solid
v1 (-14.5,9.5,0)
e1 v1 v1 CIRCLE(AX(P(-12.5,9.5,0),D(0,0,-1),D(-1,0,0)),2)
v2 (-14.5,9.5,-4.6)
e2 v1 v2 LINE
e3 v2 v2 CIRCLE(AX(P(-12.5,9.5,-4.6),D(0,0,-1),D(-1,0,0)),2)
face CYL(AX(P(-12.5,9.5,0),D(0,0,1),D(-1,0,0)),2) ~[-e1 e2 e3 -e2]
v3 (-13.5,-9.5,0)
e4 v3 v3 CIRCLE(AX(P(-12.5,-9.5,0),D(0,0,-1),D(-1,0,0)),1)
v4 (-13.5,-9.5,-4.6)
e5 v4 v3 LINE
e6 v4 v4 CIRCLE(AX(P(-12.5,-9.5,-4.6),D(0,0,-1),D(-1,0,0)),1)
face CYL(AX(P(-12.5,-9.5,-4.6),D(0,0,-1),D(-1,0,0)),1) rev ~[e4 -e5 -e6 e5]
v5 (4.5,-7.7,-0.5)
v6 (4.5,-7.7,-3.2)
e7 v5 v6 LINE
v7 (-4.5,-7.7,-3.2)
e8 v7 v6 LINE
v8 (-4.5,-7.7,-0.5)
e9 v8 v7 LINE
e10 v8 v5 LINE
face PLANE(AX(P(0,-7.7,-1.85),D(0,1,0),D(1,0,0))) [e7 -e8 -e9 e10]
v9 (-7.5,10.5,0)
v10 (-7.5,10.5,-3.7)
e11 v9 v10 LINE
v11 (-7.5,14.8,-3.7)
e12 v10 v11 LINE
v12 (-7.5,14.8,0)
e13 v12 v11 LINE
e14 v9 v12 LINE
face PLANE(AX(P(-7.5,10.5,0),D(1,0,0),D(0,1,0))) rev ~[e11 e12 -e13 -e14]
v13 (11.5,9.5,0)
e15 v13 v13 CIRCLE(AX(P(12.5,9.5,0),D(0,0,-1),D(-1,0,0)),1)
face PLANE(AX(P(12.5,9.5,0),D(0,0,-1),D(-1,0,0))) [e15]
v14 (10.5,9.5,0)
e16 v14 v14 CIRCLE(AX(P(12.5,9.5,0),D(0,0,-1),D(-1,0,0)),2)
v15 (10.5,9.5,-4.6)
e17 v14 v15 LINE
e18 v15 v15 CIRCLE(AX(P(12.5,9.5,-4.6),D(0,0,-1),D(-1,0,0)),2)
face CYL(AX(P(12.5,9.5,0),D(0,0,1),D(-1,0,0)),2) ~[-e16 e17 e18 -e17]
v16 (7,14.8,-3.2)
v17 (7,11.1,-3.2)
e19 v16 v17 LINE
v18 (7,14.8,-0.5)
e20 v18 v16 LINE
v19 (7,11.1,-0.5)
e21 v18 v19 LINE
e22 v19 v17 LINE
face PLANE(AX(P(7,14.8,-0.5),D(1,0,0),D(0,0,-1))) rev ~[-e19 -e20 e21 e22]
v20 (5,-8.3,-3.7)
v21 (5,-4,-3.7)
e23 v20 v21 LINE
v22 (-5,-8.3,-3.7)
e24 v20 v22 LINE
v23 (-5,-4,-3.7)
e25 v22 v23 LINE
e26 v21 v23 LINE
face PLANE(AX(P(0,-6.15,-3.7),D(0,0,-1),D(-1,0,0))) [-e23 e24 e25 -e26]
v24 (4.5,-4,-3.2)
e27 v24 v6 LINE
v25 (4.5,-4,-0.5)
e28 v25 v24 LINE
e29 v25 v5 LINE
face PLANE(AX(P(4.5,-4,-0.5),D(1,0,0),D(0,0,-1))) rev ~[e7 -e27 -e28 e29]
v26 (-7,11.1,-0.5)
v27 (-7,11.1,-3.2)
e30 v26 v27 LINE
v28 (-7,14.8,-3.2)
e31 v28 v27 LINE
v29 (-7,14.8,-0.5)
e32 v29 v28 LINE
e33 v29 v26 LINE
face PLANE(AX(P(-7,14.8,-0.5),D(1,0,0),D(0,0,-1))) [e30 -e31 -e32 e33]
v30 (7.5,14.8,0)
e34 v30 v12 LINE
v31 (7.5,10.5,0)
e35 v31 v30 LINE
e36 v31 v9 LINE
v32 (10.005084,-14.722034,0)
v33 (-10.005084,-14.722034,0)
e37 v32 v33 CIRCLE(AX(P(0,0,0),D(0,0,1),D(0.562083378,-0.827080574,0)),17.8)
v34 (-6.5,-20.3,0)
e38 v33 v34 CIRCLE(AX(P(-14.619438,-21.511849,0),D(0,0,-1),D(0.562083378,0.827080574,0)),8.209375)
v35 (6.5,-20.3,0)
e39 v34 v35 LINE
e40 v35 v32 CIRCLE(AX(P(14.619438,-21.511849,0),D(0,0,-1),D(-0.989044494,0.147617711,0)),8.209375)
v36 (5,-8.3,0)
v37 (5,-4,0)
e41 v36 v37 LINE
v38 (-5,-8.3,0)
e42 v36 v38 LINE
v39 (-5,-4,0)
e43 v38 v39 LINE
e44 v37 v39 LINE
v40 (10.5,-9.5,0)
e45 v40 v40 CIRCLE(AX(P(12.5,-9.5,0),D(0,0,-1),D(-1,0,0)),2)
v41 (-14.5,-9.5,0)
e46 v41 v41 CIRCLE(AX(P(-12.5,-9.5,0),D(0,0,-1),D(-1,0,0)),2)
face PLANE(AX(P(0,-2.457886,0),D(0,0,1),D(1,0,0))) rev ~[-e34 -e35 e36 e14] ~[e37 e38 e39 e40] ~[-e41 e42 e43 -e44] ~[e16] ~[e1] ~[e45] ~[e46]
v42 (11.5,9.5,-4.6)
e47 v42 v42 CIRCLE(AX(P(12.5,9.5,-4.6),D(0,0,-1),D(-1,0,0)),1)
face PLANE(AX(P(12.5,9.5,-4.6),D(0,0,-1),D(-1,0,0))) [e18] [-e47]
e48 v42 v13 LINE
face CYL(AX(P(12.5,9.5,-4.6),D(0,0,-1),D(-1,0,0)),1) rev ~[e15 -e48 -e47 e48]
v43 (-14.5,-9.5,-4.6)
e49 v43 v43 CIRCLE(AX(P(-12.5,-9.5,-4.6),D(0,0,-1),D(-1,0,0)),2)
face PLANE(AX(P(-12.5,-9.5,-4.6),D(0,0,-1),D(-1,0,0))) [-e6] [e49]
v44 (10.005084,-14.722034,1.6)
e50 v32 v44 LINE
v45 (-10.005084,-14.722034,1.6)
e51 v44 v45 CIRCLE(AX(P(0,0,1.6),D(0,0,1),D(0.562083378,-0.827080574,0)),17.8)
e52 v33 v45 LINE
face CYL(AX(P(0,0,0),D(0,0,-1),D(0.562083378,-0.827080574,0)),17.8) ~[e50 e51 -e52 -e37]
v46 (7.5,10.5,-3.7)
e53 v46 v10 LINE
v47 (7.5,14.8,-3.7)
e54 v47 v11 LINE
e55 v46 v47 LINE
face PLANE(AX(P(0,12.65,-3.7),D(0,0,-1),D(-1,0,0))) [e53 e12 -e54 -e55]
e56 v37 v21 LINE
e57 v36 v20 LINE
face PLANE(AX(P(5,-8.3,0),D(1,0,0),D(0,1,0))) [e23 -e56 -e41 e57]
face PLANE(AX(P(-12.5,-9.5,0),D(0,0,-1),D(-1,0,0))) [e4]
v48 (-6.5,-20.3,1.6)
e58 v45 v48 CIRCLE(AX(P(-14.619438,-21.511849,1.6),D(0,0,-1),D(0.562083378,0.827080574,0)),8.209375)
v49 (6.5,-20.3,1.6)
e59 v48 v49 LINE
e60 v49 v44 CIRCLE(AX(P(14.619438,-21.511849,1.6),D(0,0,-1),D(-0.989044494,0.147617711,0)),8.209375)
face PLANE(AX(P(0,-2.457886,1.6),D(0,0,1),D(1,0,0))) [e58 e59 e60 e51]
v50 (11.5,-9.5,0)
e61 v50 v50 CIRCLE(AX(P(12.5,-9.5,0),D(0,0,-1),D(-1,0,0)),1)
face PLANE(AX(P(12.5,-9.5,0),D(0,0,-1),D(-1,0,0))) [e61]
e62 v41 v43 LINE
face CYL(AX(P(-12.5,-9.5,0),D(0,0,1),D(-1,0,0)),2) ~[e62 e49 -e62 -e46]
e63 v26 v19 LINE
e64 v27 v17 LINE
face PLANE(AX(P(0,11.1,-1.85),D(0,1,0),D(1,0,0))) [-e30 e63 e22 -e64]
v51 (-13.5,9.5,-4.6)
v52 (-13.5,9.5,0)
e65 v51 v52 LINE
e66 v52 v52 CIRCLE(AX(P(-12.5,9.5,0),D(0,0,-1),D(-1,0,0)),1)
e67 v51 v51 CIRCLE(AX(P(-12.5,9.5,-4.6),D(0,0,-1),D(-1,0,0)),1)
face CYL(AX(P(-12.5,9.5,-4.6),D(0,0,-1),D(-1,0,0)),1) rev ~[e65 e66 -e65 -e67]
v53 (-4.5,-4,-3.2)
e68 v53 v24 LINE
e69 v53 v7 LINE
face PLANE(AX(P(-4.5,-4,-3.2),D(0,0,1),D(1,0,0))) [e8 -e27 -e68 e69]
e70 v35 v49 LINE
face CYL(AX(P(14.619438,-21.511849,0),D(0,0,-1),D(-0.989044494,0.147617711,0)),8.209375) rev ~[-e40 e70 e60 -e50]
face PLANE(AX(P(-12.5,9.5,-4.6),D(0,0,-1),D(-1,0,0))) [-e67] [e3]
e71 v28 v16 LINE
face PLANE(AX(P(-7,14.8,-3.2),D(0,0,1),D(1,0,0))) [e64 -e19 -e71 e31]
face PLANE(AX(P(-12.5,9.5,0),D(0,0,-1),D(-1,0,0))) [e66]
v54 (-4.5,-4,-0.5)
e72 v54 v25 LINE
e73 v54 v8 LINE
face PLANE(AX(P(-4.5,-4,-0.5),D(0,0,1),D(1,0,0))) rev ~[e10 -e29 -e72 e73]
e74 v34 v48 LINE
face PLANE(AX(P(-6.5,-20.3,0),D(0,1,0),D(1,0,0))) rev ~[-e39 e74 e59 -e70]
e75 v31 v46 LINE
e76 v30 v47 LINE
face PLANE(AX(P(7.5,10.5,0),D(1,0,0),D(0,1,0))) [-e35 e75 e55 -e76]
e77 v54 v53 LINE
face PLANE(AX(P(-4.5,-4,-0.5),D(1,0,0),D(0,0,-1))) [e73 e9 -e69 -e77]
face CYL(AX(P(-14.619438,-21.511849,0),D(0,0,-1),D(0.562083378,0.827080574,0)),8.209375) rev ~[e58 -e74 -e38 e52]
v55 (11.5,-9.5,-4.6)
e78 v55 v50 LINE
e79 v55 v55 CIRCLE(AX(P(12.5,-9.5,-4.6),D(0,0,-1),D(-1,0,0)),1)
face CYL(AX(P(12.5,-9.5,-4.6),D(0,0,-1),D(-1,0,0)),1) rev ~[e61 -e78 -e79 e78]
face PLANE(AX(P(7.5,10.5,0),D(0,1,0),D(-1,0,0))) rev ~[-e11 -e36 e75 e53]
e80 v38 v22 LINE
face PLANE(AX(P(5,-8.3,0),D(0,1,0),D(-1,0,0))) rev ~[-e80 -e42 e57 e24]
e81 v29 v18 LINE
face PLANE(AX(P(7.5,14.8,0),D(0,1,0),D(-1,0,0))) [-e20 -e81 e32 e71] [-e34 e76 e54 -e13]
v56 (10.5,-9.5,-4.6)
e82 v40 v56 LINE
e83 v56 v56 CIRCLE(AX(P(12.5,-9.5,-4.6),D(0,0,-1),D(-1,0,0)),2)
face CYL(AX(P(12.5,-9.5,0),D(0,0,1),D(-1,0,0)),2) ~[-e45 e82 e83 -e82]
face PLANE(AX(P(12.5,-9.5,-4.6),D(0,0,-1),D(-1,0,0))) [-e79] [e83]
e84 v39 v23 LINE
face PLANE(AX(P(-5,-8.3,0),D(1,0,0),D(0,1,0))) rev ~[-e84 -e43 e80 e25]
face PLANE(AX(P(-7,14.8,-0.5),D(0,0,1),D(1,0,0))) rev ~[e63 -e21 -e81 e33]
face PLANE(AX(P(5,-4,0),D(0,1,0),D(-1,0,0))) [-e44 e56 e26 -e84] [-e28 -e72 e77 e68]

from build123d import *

# Parameters (mm, degrees)
BOSS_EXTRU_1_CONTOUR_CRAN_DEPTH              = 1.6
ENTRETOISES_R                                = 2
BOSS_EXTRU_1_ENTRETOISES_DEPTH               = 4.6
TROUS_VIS_M2_R                               = 1
ENL_V_MAT_EXTRU_1_TROUS_VIS_M2_DEPTH         = 4.6
CONNECTEURS_BLANCS_W                         = 15
CONNECTEURS_BLANCS_H                         = 4.3
CONNECTEURS_BLANCS_W_2                       = 10
BOSS_EXTRU_2_CONNECTEURS_BLANCS_DEPTH        = 3.7
OUVERTURE_GROS_CONNECTEUR_BLANC_W            = 14
OUVERTURE_GROS_CONNECTEUR_BLANC_H            = 2.7
ENL_V_MAT_EXTRU_2_OUVERTURE_GROS_CONNE_DEPTH = 3.7
OUVERTURE_PETIT_CONNECTEUR_BLANC_W           = 9
OUVERTURE_PETIT_CONNECTEUR_BLANC_H           = 2.7
ENL_V_MAT_EXTRU_3_OUVERTURE_PETIT_CONN_DEPTH = 3.7


with BuildPart() as part:
    # Contour_Écran → Boss.-Extru.1_Contour_Écran (new body)
    with BuildSketch(Plane.XY):
        with BuildLine():
            Line((-6.5, -20.3), (6.5, -20.3))
            ThreePointArc((6.5, -20.3), (7.668481961, -17.144005216), (10.005084126, -14.722034222))
            ThreePointArc((10.005084126, -14.722034222), (0, 17.8), (-10.005084126, -14.722034222))
            ThreePointArc((-10.005084126, -14.722034222), (-7.668481961, -17.144005216), (-6.5, -20.3))
        make_face()
    extrude(amount=BOSS_EXTRU_1_CONTOUR_CRAN_DEPTH)

    # Entretoises → Boss.-Extru.1_Entretoises (add)
    with BuildSketch(Plane(origin=(0, 0, 0), x_dir=(-1, 0, 0), z_dir=(0, 0, -1))):
        with Locations((-12.5, 9.5)):
            Circle(ENTRETOISES_R)
        with Locations((12.5, 9.5)):
            Circle(ENTRETOISES_R)
        with Locations((12.5, -9.5)):
            Circle(ENTRETOISES_R)
        with Locations((-12.5, -9.5)):
            Circle(ENTRETOISES_R)
    extrude(amount=BOSS_EXTRU_1_ENTRETOISES_DEPTH)

    # Trous_Vis_M2 → Enlèv. mat.-Extru.1_Trous_Vis_M2 (cut)
    with BuildSketch(Plane(origin=(0, 0, -4.6), x_dir=(-1, 0, 0), z_dir=(0, 0, -1))):
        with Locations((-12.5, 9.5)):
            Circle(TROUS_VIS_M2_R)
        with Locations((12.5, 9.5)):
            Circle(TROUS_VIS_M2_R)
        with Locations((12.5, -9.5)):
            Circle(TROUS_VIS_M2_R)
        with Locations((-12.5, -9.5)):
            Circle(TROUS_VIS_M2_R)
    extrude(amount=-ENL_V_MAT_EXTRU_1_TROUS_VIS_M2_DEPTH, mode=Mode.SUBTRACT)

    # Connecteurs_Blancs → Boss.-Extru.2_Connecteurs_Blancs (add)
    with BuildSketch(Plane(origin=(0, 0, 0), x_dir=(-1, 0, 0), z_dir=(0, 0, -1))):
        with Locations((0, 12.65)):
            Rectangle(CONNECTEURS_BLANCS_W, CONNECTEURS_BLANCS_H)
        with Locations((0, -6.15)):
            Rectangle(CONNECTEURS_BLANCS_W_2, CONNECTEURS_BLANCS_H)
    extrude(amount=BOSS_EXTRU_2_CONNECTEURS_BLANCS_DEPTH)

    # Ouverture_gros_connecteur_blanc → Enlèv. mat.-Extru.2_Ouverture_gros_connecteur_blanc (cut)
    with BuildSketch(Plane(origin=(0, 14.8, 0), x_dir=(1, 0, 0), z_dir=(0, 1, 0))):
        with Locations((0, 1.85)):
            Rectangle(OUVERTURE_GROS_CONNECTEUR_BLANC_W, OUVERTURE_GROS_CONNECTEUR_BLANC_H)
    extrude(amount=-ENL_V_MAT_EXTRU_2_OUVERTURE_GROS_CONNE_DEPTH, mode=Mode.SUBTRACT)

    # Ouverture_petit_connecteur_blanc → Enlèv. mat.-Extru.3_Ouverture_petit_connecteur_blanc (cut)
    with BuildSketch(Plane(origin=(0, -4, 0), x_dir=(1, 0, 0), z_dir=(0, 1, 0))):
        with Locations((0, 1.85)):
            Rectangle(OUVERTURE_PETIT_CONNECTEUR_BLANC_W, OUVERTURE_PETIT_CONNECTEUR_BLANC_H)
    extrude(amount=-ENL_V_MAT_EXTRU_3_OUVERTURE_PETIT_CONN_DEPTH, mode=Mode.SUBTRACT)


solid = part.part
